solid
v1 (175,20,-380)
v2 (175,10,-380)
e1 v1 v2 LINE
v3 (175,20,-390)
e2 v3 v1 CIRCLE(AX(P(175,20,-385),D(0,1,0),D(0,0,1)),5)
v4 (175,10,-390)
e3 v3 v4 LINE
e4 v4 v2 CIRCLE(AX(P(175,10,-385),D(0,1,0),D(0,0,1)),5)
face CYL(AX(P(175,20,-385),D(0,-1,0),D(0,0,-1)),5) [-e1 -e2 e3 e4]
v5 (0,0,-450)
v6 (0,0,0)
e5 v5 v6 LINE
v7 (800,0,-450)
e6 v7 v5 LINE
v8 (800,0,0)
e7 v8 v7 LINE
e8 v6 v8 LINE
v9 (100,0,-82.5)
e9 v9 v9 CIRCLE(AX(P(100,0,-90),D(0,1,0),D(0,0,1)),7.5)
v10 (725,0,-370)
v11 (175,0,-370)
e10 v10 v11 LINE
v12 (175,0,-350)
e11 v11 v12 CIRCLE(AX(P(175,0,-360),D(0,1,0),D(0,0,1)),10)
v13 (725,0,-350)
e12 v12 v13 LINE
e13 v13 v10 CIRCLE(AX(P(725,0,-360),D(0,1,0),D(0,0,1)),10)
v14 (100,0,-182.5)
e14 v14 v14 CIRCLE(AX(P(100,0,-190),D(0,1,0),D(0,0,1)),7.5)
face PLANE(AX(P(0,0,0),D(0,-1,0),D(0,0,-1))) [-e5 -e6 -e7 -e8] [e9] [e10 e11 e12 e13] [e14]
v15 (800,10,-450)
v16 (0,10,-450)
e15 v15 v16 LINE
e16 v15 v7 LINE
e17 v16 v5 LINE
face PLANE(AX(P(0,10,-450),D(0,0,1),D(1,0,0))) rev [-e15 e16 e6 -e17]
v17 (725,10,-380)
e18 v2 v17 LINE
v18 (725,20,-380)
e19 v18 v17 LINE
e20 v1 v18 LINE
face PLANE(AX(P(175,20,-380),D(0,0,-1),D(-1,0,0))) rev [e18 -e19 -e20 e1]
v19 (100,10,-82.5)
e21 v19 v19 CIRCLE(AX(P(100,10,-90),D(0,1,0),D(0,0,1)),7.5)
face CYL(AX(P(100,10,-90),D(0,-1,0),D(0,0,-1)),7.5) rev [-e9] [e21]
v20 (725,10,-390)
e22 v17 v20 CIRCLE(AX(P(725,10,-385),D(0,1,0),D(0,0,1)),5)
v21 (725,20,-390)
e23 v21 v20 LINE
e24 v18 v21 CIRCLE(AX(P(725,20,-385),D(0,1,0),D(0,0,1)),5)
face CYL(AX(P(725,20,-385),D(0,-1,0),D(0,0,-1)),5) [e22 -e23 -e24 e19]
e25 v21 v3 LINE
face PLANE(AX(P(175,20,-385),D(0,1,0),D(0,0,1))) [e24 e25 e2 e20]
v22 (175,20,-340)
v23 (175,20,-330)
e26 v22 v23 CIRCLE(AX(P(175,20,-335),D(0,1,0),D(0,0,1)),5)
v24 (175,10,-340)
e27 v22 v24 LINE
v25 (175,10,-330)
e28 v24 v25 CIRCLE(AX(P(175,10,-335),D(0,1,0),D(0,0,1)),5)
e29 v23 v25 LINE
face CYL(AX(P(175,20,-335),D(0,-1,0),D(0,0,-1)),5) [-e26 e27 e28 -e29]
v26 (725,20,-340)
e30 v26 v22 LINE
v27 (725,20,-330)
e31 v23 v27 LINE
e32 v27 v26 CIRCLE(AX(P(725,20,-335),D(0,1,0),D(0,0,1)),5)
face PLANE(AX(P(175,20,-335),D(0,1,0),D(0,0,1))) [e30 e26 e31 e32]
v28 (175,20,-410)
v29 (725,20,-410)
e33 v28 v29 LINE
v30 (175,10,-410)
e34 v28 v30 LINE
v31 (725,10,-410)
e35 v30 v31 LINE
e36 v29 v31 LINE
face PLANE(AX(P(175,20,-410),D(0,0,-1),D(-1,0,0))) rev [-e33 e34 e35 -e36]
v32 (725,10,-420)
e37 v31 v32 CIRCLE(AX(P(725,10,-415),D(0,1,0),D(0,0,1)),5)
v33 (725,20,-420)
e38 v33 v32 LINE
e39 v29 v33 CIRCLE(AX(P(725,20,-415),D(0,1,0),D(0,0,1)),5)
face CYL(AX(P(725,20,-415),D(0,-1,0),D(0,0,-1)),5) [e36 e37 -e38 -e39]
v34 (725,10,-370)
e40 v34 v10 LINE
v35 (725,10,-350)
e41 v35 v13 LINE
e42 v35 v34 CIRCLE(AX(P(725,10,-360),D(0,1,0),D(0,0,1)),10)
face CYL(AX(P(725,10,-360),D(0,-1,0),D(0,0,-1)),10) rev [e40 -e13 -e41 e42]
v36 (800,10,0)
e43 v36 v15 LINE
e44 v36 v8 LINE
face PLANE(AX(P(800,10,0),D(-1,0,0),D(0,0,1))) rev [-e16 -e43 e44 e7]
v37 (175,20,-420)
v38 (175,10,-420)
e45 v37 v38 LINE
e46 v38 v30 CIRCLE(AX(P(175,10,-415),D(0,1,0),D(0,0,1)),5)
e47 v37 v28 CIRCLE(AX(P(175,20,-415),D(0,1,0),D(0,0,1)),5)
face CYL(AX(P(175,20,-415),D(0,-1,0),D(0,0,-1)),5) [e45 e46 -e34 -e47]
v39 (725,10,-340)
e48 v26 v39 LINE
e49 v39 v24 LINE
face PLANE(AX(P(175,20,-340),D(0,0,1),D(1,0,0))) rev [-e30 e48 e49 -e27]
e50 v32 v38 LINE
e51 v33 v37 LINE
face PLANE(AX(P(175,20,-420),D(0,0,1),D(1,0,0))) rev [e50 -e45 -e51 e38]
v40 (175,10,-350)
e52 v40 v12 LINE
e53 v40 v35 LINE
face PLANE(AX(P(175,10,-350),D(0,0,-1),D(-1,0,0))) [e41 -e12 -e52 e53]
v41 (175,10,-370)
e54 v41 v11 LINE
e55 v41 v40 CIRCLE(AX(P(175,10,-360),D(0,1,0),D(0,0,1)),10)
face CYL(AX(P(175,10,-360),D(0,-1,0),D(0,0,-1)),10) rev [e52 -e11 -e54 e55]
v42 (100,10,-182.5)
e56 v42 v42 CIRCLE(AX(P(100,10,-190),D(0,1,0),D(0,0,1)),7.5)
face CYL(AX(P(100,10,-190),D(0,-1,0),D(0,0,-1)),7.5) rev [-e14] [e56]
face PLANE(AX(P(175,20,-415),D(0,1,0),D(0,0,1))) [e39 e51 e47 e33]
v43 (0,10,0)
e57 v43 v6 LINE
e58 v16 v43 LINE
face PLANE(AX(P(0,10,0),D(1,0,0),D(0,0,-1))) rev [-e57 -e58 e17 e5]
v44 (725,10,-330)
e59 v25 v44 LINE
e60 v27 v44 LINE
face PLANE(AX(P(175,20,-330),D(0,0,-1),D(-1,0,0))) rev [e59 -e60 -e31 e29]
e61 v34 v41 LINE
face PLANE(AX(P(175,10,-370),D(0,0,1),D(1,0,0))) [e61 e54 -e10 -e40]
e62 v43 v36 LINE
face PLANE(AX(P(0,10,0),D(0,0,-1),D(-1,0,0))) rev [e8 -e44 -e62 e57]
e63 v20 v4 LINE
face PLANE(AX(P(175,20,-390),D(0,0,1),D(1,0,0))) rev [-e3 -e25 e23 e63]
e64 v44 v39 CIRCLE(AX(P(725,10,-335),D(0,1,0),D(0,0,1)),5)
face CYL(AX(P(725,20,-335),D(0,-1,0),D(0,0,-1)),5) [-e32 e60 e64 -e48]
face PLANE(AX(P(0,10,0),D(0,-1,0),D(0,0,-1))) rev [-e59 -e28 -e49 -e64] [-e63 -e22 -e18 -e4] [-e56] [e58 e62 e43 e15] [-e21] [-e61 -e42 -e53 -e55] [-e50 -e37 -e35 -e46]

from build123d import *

# Parameters (mm, degrees)
SKETCH1_W           = 800
SKETCH1_H           = 450
SKETCH1_R           = 7.5
BOSS_EXTRUDE1_DEPTH = 10
BOSS_EXTRUDE2_DEPTH = 10


with BuildPart() as part:
    # Sketch1 → Boss-Extrude1 (new body)
    with BuildSketch(Plane(origin=(0, 0, 0), x_dir=(1, 0, 0), z_dir=(0, 1, 0))):
        with Locations((400, 225)):
            Rectangle(SKETCH1_W, SKETCH1_H)
        with Locations(Location((100, 190, 0), (0, 0, 270))):
            Circle(SKETCH1_R, mode=Mode.SUBTRACT)
        with Locations(Location((100, 90, 0), (0, 0, 270))):
            Circle(SKETCH1_R, mode=Mode.SUBTRACT)
        with BuildLine():
            Line((175, 370), (725, 370))
            ThreePointArc((725, 370), (735, 360), (725, 350))
            Line((725, 350), (175, 350))
            ThreePointArc((175, 350), (165, 360), (175, 370))
        make_face(mode=Mode.SUBTRACT)
    extrude(amount=BOSS_EXTRUDE1_DEPTH)

    # Sketch2 → Boss-Extrude2 (add)
    with BuildSketch(Plane(origin=(0, 10, 0), x_dir=(1, 0, 0), z_dir=(0, 1, 0))):
        with BuildLine():
            Line((175, 390), (725, 390))
            ThreePointArc((725, 390), (730, 385), (725, 380))
            Line((725, 380), (175, 380))
            ThreePointArc((175, 380), (170, 385), (175, 390))
        make_face()
        with BuildLine():
            Line((175, 340), (725, 340))
            ThreePointArc((725, 340), (730, 335), (725, 330))
            Line((725, 330), (175, 330))
            ThreePointArc((175, 330), (170, 335), (175, 340))
        make_face()
        with BuildLine():
            Line((175, 420), (725, 420))
            ThreePointArc((725, 420), (730, 415), (725, 410))
            Line((725, 410), (175, 410))
            ThreePointArc((175, 410), (170, 415), (175, 420))
        make_face()
    extrude(amount=BOSS_EXTRUDE2_DEPTH)


solid = part.part
